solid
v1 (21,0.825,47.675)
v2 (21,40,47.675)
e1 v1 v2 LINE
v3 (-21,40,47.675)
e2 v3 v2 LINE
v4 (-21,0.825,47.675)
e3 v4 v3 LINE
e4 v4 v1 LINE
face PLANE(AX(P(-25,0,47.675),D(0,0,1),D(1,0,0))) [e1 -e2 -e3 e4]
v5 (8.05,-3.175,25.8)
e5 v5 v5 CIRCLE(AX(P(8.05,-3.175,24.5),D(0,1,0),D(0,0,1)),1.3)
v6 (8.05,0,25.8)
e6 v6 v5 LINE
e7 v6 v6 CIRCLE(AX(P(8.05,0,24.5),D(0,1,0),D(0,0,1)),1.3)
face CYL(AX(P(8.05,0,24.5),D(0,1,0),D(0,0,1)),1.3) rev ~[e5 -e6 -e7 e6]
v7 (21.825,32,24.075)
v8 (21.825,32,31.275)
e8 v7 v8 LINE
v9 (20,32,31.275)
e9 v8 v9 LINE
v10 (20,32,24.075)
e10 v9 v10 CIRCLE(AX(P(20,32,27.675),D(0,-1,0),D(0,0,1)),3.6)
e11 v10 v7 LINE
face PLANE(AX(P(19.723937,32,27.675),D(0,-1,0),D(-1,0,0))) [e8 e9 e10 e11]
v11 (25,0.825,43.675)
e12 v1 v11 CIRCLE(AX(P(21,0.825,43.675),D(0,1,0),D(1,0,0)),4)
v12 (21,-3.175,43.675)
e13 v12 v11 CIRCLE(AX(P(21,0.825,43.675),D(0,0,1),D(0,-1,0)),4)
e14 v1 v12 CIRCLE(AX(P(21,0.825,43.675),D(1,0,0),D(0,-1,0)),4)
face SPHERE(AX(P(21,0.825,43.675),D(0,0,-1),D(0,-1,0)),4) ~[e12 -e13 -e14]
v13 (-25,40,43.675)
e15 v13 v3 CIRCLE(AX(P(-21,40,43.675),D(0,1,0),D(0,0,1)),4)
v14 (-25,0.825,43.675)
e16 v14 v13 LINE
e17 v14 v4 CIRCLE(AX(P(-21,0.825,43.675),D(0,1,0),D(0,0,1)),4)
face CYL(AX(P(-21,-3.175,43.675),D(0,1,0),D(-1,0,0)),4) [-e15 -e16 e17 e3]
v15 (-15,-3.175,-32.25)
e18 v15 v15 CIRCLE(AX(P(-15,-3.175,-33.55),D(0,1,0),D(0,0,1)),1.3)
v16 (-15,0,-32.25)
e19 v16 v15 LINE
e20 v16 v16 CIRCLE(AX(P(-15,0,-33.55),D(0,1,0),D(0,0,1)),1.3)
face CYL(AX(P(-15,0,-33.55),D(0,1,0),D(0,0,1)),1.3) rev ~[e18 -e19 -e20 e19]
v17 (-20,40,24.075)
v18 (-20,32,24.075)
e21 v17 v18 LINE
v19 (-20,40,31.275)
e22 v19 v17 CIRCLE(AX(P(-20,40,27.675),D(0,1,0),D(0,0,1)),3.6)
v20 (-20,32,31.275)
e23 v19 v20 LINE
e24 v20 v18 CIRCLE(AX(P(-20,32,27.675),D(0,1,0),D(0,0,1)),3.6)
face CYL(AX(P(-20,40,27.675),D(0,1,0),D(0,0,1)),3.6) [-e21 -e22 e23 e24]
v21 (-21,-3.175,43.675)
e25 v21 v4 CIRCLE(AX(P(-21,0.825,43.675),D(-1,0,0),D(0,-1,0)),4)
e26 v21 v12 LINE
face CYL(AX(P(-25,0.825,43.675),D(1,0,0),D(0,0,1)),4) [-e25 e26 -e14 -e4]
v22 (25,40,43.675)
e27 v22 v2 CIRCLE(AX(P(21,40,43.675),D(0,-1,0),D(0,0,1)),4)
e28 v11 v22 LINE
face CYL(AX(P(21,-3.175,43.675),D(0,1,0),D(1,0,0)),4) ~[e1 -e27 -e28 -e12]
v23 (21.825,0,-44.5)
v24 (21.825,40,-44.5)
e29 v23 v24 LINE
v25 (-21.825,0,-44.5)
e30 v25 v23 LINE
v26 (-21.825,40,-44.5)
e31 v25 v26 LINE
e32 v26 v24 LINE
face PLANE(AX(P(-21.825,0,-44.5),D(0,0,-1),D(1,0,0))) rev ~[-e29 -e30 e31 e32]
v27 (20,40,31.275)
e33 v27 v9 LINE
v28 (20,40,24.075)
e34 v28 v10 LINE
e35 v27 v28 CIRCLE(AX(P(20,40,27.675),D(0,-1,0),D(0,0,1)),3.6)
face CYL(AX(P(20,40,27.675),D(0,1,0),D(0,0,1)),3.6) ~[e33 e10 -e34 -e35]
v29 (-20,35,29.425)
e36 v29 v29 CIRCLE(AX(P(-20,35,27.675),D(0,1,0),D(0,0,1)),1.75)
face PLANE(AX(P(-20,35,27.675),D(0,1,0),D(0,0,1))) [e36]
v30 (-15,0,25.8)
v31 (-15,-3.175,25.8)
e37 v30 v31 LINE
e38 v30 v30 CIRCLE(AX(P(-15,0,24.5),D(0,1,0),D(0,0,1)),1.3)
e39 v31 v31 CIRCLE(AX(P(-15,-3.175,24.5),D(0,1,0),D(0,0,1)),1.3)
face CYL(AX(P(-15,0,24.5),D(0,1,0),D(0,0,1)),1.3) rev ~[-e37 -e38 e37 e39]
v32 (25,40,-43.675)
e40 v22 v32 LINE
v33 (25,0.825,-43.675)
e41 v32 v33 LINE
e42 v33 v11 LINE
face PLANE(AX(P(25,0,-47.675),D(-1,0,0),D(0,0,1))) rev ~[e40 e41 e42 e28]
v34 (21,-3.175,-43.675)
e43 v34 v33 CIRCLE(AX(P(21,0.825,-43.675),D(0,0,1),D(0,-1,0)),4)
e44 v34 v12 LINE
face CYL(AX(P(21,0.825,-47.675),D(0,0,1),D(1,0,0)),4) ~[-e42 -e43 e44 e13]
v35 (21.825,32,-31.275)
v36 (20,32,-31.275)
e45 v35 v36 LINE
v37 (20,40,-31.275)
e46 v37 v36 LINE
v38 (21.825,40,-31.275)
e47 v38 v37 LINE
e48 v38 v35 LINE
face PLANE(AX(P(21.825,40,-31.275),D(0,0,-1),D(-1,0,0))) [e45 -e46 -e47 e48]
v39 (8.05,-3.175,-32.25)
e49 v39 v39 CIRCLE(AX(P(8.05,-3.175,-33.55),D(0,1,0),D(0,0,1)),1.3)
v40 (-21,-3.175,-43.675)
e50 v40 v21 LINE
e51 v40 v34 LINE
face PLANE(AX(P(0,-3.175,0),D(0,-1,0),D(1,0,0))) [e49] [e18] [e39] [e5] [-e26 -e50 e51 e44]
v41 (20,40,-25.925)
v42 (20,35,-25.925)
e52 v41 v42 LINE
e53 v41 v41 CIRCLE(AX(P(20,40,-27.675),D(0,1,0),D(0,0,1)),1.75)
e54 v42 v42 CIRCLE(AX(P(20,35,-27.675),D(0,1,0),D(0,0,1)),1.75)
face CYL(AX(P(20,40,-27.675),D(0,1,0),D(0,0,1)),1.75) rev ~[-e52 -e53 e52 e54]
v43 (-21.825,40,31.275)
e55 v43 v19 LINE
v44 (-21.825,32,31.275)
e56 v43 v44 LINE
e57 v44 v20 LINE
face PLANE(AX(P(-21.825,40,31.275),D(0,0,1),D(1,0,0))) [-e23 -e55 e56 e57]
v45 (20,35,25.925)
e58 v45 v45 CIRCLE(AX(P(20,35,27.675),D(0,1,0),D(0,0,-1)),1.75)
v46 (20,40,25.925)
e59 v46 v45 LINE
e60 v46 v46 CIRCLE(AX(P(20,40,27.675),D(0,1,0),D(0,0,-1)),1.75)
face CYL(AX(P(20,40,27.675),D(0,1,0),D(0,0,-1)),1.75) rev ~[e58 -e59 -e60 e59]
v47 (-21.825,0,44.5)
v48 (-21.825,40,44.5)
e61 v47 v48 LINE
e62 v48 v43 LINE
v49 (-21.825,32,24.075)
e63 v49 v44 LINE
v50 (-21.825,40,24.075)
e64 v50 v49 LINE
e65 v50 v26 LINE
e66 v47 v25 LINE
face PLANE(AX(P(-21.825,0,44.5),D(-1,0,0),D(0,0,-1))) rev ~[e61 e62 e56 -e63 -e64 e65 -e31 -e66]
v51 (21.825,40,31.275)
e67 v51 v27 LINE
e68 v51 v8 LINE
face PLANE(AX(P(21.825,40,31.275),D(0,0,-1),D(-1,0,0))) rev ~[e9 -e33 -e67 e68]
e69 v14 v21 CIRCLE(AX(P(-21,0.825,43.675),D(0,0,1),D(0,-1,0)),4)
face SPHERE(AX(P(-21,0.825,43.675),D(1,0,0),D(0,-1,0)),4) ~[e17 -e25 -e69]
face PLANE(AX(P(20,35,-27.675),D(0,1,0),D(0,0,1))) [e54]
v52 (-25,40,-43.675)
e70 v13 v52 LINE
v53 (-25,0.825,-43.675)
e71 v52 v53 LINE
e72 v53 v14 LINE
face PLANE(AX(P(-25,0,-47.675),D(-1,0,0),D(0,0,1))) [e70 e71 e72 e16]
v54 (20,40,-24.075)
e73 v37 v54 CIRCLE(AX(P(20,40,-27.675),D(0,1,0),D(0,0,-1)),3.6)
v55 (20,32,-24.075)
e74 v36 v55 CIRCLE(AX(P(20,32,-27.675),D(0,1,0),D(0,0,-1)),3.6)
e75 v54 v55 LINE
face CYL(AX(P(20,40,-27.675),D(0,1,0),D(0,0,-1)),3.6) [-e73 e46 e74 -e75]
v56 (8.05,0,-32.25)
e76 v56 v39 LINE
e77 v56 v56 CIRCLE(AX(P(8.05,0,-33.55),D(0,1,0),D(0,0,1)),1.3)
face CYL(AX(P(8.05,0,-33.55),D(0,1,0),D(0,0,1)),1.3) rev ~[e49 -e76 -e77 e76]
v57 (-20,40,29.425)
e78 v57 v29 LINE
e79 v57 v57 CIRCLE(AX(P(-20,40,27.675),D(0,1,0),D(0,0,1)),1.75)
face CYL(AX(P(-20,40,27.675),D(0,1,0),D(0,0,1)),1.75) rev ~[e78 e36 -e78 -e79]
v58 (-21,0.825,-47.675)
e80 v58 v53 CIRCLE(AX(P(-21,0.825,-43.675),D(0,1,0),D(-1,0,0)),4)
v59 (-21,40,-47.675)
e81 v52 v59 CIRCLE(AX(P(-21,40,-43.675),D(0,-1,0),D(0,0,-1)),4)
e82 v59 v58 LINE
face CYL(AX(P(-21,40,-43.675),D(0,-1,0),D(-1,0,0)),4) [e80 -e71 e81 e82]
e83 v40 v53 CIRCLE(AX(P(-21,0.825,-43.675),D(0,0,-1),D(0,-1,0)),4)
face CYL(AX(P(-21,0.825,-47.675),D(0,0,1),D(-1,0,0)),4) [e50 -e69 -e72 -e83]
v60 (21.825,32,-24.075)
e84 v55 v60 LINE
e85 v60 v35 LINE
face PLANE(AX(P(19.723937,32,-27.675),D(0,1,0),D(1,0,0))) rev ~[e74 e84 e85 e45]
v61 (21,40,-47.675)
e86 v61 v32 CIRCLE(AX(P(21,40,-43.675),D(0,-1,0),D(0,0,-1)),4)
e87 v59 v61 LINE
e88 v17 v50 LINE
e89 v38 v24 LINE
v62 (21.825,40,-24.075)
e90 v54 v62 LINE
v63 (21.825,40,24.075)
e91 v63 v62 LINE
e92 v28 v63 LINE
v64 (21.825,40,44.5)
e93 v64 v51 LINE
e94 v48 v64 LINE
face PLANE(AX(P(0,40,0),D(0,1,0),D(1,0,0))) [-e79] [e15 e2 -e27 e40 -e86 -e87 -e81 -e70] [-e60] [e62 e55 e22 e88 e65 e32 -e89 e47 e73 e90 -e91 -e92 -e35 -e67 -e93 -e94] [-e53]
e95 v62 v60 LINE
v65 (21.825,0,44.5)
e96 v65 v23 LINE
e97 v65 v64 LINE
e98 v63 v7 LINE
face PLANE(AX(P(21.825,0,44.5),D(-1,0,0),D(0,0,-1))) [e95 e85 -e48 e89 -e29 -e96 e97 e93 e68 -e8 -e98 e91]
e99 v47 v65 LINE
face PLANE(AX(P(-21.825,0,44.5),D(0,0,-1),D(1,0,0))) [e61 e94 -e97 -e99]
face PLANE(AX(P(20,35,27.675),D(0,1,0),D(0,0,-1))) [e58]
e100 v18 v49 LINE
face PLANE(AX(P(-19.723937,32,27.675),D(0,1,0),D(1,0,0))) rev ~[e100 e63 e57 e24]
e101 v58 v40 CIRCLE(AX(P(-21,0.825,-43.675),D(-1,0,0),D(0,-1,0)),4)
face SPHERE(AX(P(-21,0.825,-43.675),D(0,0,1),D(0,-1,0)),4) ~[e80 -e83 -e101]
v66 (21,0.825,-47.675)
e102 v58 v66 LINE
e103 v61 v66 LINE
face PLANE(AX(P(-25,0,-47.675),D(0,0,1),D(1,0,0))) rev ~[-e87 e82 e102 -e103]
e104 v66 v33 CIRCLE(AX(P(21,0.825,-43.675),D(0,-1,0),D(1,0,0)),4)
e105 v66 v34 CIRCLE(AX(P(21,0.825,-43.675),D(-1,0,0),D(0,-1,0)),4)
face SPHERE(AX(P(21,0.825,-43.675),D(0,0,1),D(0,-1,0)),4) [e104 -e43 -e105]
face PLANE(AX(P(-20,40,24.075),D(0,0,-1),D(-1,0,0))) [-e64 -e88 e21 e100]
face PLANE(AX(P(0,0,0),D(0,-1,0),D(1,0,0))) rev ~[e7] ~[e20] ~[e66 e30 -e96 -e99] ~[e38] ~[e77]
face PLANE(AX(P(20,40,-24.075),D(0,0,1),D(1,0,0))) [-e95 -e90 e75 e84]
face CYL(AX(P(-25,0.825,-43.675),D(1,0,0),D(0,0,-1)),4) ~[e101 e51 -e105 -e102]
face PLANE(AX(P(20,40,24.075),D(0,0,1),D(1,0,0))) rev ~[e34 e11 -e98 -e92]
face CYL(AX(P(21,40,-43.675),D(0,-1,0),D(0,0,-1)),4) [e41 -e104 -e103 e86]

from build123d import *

# Parameters (mm, degrees)
SKETCH1_W           = 50
SKETCH1_H           = 95.35
SKETCH1_W_2         = 43.65
SKETCH1_H_2         = 89
BOSS_EXTRUDE1_DEPTH = 40
SKETCH2_W           = 50
SKETCH2_H           = 95.35
BOSS_EXTRUDE2_DEPTH = 3.175
FILLET1_R           = 4
SKETCH3_R           = 1.3
CUT_EXTRUDE1_DEPTH  = 3.175
BOSS_EXTRUDE3_DEPTH = 8
SKETCH5_R           = 1.75
CUT_EXTRUDE2_DEPTH  = 5


with BuildPart() as part:
    # Sketch1 → Boss-Extrude1 (new body)
    with BuildSketch(Plane(origin=(0, 0, 0), x_dir=(1, 0, 0), z_dir=(0, 1, 0))):
        Rectangle(SKETCH1_W, SKETCH1_H)
        Rectangle(SKETCH1_W_2, SKETCH1_H_2, mode=Mode.SUBTRACT)
    extrude(amount=BOSS_EXTRUDE1_DEPTH)

    # Sketch2 → Boss-Extrude2 (add)
    with BuildSketch(Plane.XZ):
        Rectangle(SKETCH2_W, SKETCH2_H)
    extrude(amount=BOSS_EXTRUDE2_DEPTH)

    # Fillet1
    fillet1_edges = [part.edges().sort_by_distance(p)[0] for p in [
        (25, -3.175, 0),
        (0, -3.175, 47.675),
        (-25, -3.175, 0),
        (0, -3.175, -47.675),
        (25, 18.4125, 47.675),
        (-25, 18.4125, 47.675),
        (-25, 18.4125, -47.675),
        (25, 18.4125, -47.675),
    ]]
    fillet(fillet1_edges, radius=FILLET1_R)

    # Sketch3 → Cut-Extrude1 (cut)
    with BuildSketch(Plane(origin=(0, 0, 0), x_dir=(1, 0, 0), z_dir=(0, 1, 0))):
        with Locations(Location((-15, 33.55, 0), (0, 0, 270))):
            Circle(SKETCH3_R)
        with Locations(Location((8.05, 33.55, 0), (0, 0, 270))):
            Circle(SKETCH3_R)
        with Locations(Location((8.05, -24.5, 0), (0, 0, 270))):
            Circle(SKETCH3_R)
        with Locations(Location((-15, -24.5, 0), (0, 0, 270))):
            Circle(SKETCH3_R)
    extrude(amount=-CUT_EXTRUDE1_DEPTH, mode=Mode.SUBTRACT)

    # Sketch4 → Boss-Extrude3 (add)
    with BuildSketch(Plane(origin=(0, 40, 0), x_dir=(1, 0, 0), z_dir=(0, 1, 0))):
        with BuildLine():
            Line((-20, -24.075), (-21.825, -24.075))
            Line((-21.825, -24.075), (-21.825, -31.275))
            Line((-21.825, -31.275), (-20, -31.275))
            ThreePointArc((-20, -31.275), (-16.4, -27.675), (-20, -24.075))
        make_face()
        with BuildLine():
            Line((21.825, -31.275), (20, -31.275))
            ThreePointArc((20, -31.275), (16.4, -27.675), (20, -24.075))
            Line((20, -24.075), (21.825, -24.075))
            Line((21.825, -24.075), (21.825, -31.275))
        make_face()
        with BuildLine():
            Line((20, 24.075), (21.825, 24.075))
            Line((21.825, 24.075), (21.825, 31.275))
            Line((21.825, 31.275), (20, 31.275))
            ThreePointArc((20, 31.275), (16.4, 27.675), (20, 24.075))
        make_face()
    extrude(amount=-BOSS_EXTRUDE3_DEPTH)

    # Sketch5 → Cut-Extrude2 (cut)
    with BuildSketch(Plane(origin=(0, 40, 0), x_dir=(1, 0, 0), z_dir=(0, 1, 0))):
        with Locations(Location((-20, -27.675, 0), (0, 0, 270))):
            Circle(SKETCH5_R)
        with Locations(Location((20, -27.675, 0), (0, 0, 90))):
            Circle(SKETCH5_R)
        with Locations(Location((20, 27.675, 0), (0, 0, 270))):
            Circle(SKETCH5_R)
    extrude(amount=-CUT_EXTRUDE2_DEPTH, mode=Mode.SUBTRACT)


solid = part.part
